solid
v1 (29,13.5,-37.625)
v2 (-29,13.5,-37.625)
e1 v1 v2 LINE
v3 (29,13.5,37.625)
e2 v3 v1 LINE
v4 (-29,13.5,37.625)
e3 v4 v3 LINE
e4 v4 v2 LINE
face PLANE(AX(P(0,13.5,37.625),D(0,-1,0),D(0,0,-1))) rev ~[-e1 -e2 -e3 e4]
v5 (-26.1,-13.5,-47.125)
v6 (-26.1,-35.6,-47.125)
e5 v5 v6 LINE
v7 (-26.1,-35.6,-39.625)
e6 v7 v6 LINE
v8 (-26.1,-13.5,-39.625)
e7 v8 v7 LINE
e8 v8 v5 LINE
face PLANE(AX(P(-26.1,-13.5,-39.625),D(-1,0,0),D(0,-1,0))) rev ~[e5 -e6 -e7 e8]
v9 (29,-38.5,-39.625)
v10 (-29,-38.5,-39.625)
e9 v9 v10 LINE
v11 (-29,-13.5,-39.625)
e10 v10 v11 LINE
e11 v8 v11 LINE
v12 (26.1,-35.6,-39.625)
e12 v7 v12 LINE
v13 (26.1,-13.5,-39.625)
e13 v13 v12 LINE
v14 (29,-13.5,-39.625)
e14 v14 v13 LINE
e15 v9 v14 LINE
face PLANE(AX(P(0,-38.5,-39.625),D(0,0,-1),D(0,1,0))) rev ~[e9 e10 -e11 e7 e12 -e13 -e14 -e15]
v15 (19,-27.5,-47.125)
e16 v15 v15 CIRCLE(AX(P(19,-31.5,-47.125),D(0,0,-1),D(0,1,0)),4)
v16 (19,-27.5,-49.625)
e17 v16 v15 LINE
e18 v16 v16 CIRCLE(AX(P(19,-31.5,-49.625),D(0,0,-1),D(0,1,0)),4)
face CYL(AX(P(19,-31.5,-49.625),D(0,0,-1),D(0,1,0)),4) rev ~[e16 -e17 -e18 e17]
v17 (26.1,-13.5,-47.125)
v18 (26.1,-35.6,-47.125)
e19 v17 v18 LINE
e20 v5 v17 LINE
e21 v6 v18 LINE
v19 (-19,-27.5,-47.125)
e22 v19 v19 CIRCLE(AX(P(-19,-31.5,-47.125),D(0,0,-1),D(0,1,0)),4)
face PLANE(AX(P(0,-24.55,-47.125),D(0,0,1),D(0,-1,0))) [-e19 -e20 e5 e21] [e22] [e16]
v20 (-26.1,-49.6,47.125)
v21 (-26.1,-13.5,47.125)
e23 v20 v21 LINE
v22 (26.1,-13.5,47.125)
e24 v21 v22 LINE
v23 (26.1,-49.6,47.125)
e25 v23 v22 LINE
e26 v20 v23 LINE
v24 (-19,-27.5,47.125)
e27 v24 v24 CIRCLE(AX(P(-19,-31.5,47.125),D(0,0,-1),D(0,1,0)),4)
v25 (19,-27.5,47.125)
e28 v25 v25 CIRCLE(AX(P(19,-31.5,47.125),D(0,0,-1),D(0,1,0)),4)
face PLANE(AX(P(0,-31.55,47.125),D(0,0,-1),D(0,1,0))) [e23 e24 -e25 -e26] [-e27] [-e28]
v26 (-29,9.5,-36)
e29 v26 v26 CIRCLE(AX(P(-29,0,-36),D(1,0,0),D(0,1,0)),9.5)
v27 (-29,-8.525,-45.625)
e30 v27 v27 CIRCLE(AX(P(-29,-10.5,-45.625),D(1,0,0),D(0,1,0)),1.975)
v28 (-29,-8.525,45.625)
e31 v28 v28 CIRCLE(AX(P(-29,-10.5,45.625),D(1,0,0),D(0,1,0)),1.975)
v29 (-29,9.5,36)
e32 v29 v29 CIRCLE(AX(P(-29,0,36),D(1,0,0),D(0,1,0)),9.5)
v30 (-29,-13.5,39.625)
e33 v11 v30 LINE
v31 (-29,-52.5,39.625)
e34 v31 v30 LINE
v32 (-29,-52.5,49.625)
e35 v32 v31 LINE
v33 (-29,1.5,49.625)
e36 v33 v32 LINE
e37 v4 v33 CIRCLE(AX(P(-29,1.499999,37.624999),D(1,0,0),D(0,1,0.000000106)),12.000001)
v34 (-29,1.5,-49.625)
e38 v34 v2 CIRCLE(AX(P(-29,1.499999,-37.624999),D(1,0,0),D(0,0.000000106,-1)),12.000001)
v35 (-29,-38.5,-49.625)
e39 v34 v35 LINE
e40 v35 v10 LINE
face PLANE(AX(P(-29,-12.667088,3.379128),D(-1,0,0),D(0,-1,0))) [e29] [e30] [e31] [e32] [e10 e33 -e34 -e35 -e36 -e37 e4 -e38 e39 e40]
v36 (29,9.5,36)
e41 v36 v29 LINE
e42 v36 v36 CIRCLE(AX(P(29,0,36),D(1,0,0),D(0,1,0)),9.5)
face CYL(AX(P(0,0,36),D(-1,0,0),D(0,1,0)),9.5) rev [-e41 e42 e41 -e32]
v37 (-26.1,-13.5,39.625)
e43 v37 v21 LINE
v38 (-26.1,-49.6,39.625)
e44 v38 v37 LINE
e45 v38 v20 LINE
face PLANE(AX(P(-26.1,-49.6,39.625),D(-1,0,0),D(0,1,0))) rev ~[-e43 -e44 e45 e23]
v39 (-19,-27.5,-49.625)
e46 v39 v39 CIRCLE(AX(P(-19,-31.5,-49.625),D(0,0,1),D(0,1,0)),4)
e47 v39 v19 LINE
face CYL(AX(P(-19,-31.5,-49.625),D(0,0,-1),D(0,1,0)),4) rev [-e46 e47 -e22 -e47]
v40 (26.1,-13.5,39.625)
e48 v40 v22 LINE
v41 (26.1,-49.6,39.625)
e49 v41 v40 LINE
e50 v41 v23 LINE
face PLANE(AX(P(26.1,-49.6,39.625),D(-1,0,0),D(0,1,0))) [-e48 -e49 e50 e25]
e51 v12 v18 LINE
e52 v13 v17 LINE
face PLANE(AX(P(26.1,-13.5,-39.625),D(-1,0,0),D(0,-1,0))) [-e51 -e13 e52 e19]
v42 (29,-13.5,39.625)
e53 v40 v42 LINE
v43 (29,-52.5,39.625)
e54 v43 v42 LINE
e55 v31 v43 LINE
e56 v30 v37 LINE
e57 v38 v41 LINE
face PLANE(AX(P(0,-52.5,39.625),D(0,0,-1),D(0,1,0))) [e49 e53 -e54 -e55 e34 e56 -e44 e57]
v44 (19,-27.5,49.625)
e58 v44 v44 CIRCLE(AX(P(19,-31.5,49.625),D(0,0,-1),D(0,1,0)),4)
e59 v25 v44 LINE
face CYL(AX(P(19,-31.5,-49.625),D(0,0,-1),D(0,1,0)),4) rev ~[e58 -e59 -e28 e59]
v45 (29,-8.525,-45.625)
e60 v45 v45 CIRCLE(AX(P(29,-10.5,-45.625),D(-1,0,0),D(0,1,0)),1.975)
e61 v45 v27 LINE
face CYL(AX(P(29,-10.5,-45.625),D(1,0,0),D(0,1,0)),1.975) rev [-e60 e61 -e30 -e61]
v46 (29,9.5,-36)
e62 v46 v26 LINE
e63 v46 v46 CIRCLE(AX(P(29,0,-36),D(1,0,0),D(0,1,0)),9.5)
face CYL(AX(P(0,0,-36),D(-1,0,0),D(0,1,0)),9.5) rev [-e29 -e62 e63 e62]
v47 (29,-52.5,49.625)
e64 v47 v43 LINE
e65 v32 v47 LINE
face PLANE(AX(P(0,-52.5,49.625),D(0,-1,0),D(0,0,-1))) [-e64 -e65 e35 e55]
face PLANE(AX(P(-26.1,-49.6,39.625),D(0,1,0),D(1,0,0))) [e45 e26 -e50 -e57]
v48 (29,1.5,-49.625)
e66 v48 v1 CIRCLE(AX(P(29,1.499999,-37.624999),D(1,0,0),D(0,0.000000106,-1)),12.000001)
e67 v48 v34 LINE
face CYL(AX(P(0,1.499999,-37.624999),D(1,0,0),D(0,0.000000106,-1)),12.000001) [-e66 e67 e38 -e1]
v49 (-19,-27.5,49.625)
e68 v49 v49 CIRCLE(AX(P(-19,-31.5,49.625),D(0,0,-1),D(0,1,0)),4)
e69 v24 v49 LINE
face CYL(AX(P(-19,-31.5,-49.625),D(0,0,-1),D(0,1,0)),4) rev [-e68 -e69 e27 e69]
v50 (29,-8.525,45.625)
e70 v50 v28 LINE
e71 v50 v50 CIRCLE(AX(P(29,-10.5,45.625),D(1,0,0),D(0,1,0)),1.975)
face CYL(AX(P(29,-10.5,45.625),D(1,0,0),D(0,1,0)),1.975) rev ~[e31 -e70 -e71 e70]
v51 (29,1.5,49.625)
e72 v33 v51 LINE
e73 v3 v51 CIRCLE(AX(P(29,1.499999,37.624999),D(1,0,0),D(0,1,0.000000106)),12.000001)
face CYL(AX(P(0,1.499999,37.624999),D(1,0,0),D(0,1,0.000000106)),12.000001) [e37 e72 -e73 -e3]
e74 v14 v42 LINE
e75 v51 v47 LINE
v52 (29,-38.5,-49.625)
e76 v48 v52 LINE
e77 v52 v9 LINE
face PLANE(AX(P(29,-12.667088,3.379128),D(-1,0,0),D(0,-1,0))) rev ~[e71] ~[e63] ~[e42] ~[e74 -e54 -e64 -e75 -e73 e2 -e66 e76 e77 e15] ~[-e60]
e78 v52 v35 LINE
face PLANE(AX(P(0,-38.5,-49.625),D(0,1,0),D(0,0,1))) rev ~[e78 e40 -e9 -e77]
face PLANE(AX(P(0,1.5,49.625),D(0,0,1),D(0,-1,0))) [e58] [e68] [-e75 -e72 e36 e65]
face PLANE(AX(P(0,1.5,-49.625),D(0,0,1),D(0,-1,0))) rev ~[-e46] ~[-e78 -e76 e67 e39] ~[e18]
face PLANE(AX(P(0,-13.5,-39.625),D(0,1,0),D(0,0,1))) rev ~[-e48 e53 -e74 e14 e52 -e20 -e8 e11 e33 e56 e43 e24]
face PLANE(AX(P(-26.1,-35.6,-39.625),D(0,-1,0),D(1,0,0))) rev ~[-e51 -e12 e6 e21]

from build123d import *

# Parameters (mm, degrees)
SKETCH_R        = 9.5
PAD_DEPTH       = 29
SKETCH001_W     = 22.1
SKETCH001_H     = 52.2
POCKET_DEPTH    = 7.5
SKETCH002_W     = 36.1
SKETCH002_H     = 52.2
POCKET001_DEPTH = 7.5
SKETCH003_R     = 4
POCKET002_DEPTH = 364.358997
SKETCH006_R     = 1.975
POCKET003_DEPTH = 323.108997


with BuildPart() as part:
    # Sketch → Pad (new body, symmetric)
    with BuildSketch(Plane.YZ):
        with BuildLine():
            Line((13.5, 37.625), (13.5, -37.625))
            ThreePointArc((1.5, -49.625), (9.985281, -46.110281), (13.5, -37.625))
            Line((1.5, -49.625), (-38.5, -49.625))
            Line((-38.5, -49.625), (-38.5, -39.625))
            Line((-38.5, -39.625), (-13.5, -39.625))
            Line((-13.5, -39.625), (-13.5, 39.625))
            Line((-52.5, 39.625), (-13.5, 39.625))
            Line((-52.5, 49.625), (-52.5, 39.625))
            Line((1.5, 49.625), (-52.5, 49.625))
            ThreePointArc((13.5, 37.625), (9.985281, 46.110281), (1.5, 49.625))
        make_face()
        with Locations((0, 36)):
            Circle(SKETCH_R, mode=Mode.SUBTRACT)
        with Locations((0, -36)):
            Circle(SKETCH_R, mode=Mode.SUBTRACT)
    extrude(amount=PAD_DEPTH, both=True)

    # Sketch001 (on Face6 of Pad) → Pocket (cut)
    with BuildSketch(Plane(origin=(0, 0, -39.625), x_dir=(0, -1, 0), z_dir=(0, 0, 1))):
        with Locations((24.55, 0)):
            Rectangle(SKETCH001_W, SKETCH001_H)
    extrude(amount=-POCKET_DEPTH, mode=Mode.SUBTRACT)

    # Sketch002 (on Face11 of Pocket) → Pocket001 (cut)
    with BuildSketch(Plane.YX.offset(-39.625)):
        with Locations((-31.55, 0)):
            Rectangle(SKETCH002_W, SKETCH002_H)
    extrude(amount=-POCKET001_DEPTH, mode=Mode.SUBTRACT)

    # Sketch003 (on Face8 of Pocket001) → Pocket002 (cut, through all)
    with BuildSketch(Plane.YX.offset(49.625)):
        with Locations((-31.5, 19)):
            Circle(SKETCH003_R)
    pocket002 = extrude(amount=-POCKET002_DEPTH, mode=Mode.SUBTRACT)

    # Mirrored: Pocket002 across YZ
    add(pocket002.mirror(Plane.YZ), mode=Mode.SUBTRACT)

    # Sketch006 (on Face5 of Mirrored) → Pocket003 (cut, through all)
    with BuildSketch(Plane.YZ.offset(29)):
        with Locations((-10.5, 45.625)):
            Circle(SKETCH006_R)
    pocket003 = extrude(amount=-POCKET003_DEPTH, mode=Mode.SUBTRACT)

    # Mirrored001: Pocket003 across XY
    add(pocket003.mirror(Plane.XY), mode=Mode.SUBTRACT)


solid = part.part
